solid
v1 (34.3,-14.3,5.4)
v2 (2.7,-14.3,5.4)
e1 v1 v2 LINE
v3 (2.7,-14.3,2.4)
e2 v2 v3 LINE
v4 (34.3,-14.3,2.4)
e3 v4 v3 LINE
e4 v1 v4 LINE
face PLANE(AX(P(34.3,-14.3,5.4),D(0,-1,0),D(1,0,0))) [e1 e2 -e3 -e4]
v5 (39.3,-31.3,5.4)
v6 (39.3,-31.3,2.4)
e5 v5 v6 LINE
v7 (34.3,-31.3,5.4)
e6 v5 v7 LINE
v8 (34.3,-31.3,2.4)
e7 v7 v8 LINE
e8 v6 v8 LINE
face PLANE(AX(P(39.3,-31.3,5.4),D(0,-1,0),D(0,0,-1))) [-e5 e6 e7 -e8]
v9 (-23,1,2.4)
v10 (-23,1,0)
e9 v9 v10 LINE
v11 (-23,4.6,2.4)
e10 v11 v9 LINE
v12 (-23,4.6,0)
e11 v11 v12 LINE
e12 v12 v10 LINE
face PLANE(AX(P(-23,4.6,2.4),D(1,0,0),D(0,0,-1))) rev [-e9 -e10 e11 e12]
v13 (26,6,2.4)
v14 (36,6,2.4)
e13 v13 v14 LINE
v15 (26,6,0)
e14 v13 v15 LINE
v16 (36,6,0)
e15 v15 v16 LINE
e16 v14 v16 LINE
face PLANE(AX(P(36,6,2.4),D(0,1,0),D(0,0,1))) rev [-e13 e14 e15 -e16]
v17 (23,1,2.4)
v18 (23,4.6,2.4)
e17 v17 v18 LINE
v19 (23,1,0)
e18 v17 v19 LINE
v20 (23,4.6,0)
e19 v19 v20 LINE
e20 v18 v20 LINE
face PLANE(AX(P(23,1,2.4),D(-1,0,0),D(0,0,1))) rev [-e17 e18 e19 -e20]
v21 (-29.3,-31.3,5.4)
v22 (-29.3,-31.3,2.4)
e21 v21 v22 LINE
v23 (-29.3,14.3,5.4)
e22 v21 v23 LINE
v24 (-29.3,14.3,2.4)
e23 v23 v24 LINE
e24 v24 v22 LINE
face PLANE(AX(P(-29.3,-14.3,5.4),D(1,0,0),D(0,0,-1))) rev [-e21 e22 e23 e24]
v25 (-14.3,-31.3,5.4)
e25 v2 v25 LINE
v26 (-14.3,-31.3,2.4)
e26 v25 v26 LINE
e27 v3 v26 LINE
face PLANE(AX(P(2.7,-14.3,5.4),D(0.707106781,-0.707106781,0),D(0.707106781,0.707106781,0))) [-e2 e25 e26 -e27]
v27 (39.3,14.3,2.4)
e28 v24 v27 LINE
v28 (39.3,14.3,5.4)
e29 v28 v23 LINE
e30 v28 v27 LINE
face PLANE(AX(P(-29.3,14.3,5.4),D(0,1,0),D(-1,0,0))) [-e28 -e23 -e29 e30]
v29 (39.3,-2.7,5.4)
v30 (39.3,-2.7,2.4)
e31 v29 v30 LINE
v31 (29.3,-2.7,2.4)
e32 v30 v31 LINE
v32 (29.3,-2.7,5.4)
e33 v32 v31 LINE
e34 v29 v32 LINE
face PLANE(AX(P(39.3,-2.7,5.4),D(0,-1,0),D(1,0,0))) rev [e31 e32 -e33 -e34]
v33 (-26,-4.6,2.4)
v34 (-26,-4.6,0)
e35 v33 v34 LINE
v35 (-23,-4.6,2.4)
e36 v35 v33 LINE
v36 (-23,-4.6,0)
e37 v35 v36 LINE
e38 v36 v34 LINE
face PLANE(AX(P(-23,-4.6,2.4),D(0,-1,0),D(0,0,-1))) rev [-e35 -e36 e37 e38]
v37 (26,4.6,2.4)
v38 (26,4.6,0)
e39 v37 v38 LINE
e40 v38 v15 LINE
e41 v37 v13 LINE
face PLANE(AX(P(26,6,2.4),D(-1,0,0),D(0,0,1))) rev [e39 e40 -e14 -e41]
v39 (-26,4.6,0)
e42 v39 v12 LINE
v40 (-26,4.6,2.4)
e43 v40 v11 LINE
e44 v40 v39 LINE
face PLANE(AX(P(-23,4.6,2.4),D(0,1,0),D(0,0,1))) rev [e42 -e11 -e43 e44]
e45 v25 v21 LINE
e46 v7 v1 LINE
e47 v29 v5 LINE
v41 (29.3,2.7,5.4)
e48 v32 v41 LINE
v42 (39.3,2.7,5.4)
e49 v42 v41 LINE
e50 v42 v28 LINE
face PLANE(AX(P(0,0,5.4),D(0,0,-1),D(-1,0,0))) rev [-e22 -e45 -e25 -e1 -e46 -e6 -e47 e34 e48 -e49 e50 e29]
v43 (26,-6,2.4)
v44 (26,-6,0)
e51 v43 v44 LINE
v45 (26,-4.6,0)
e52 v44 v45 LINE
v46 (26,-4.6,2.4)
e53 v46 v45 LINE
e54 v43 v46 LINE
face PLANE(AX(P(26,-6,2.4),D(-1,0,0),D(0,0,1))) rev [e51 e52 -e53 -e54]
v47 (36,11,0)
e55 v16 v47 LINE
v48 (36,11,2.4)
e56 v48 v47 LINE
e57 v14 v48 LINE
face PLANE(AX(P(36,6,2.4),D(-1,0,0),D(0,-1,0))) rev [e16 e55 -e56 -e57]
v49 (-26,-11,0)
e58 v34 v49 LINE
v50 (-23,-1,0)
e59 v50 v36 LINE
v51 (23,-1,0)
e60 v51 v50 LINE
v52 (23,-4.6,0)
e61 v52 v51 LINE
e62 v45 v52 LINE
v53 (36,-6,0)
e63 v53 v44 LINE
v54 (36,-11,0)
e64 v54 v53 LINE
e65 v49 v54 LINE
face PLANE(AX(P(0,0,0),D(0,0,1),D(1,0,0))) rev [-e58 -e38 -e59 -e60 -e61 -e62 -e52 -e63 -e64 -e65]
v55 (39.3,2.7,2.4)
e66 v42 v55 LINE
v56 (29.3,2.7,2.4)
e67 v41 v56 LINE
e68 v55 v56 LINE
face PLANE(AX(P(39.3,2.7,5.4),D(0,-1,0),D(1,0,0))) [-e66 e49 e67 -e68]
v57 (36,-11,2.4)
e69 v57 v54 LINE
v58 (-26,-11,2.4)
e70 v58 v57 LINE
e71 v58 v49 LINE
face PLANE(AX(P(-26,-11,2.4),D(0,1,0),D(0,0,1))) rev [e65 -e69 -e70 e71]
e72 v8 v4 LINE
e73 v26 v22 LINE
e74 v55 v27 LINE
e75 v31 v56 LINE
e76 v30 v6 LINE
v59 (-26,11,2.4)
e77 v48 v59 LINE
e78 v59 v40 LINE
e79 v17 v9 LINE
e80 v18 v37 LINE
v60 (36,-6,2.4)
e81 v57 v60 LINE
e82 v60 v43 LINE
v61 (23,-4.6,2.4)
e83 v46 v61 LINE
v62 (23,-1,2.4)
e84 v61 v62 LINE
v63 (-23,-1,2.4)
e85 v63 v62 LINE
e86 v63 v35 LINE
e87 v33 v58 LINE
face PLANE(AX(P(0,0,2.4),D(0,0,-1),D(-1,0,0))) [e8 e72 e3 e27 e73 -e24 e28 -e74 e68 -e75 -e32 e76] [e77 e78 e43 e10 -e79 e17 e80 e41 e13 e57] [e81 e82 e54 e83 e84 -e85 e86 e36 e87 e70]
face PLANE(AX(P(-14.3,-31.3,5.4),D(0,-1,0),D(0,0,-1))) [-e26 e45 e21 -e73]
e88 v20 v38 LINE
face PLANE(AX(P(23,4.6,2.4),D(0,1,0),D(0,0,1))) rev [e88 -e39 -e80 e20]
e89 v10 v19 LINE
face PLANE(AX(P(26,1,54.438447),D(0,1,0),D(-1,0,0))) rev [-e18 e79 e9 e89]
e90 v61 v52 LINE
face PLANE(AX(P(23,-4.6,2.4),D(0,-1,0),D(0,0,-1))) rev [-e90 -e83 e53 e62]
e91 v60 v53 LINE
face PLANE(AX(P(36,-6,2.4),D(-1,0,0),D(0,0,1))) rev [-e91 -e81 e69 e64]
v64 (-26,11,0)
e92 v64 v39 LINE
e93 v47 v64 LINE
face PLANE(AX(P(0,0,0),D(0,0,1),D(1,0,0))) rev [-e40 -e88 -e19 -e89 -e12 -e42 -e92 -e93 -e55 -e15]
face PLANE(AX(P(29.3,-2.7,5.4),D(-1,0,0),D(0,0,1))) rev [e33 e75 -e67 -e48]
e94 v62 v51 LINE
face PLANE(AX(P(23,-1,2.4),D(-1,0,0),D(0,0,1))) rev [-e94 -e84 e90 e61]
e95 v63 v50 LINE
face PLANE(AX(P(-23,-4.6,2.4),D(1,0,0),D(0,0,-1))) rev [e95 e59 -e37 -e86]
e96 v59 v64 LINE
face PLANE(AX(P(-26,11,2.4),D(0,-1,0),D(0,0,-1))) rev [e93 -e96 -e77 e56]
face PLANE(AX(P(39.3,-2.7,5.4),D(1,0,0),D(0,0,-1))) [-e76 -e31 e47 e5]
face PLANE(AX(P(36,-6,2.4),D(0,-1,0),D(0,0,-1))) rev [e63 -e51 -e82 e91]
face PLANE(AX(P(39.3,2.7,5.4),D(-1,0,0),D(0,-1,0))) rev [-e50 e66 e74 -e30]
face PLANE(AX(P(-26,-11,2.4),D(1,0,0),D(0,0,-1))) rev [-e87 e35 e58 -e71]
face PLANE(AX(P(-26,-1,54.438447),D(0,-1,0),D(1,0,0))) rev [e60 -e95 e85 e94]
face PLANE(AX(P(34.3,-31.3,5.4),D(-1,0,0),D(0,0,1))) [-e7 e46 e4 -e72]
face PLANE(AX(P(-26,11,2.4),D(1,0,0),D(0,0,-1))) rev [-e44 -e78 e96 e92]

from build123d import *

# Parameters (mm, degrees)
BOSS_EXTRUDE2_DEPTH = 2.4
BOSS_EXTRUDE3_DEPTH = 3
SKETCH4_W           = 52
SKETCH4_H           = 2
CUT_EXTRUDE1_DEPTH  = 2.4


with BuildPart() as part:
    # Sketch1 → Boss-Extrude2 (new body)
    with BuildSketch(Plane.XY):
        Polygon((-26, -11), (36, -11), (36, -6), (26, -6), (26, -4.6), (23, -4.6), (23, -1), (26, -1), (26, 1), (23, 1), (23, 4.6), (26, 4.6), (26, 6), (36, 6), (36, 11), (-26, 11), (-26, 4.6), (-23, 4.6), (-23, 1), (-26, 1), (-26, -1), (-23, -1), (-23, -4.6), (-26, -4.6), align=None)
    extrude(amount=BOSS_EXTRUDE2_DEPTH)

    # Sketch3 → Boss-Extrude3 (add)
    with BuildSketch(Plane.XY.offset(2.4)):
        Polygon((-29.3, -14.3), (-29.3, -31.3), (-14.3, -31.3), (2.7, -14.3), (34.3, -14.3), (34.3, -31.3), (39.3, -31.3), (39.3, -14.3), (39.3, -2.7), (29.3, -2.7), (29.3, 2.7), (39.3, 2.7), (39.3, 14.3), (29.3, 14.3), (-29.3, 14.3), align=None)
    extrude(amount=BOSS_EXTRUDE3_DEPTH)

    # Sketch4 → Cut-Extrude1 (cut)
    with BuildSketch(Plane(origin=(0, 0, 0), x_dir=(-1, 0, 0), z_dir=(0, 0, -1))):
        Rectangle(SKETCH4_W, SKETCH4_H)
    extrude(amount=-CUT_EXTRUDE1_DEPTH, mode=Mode.SUBTRACT)


solid = part.part
